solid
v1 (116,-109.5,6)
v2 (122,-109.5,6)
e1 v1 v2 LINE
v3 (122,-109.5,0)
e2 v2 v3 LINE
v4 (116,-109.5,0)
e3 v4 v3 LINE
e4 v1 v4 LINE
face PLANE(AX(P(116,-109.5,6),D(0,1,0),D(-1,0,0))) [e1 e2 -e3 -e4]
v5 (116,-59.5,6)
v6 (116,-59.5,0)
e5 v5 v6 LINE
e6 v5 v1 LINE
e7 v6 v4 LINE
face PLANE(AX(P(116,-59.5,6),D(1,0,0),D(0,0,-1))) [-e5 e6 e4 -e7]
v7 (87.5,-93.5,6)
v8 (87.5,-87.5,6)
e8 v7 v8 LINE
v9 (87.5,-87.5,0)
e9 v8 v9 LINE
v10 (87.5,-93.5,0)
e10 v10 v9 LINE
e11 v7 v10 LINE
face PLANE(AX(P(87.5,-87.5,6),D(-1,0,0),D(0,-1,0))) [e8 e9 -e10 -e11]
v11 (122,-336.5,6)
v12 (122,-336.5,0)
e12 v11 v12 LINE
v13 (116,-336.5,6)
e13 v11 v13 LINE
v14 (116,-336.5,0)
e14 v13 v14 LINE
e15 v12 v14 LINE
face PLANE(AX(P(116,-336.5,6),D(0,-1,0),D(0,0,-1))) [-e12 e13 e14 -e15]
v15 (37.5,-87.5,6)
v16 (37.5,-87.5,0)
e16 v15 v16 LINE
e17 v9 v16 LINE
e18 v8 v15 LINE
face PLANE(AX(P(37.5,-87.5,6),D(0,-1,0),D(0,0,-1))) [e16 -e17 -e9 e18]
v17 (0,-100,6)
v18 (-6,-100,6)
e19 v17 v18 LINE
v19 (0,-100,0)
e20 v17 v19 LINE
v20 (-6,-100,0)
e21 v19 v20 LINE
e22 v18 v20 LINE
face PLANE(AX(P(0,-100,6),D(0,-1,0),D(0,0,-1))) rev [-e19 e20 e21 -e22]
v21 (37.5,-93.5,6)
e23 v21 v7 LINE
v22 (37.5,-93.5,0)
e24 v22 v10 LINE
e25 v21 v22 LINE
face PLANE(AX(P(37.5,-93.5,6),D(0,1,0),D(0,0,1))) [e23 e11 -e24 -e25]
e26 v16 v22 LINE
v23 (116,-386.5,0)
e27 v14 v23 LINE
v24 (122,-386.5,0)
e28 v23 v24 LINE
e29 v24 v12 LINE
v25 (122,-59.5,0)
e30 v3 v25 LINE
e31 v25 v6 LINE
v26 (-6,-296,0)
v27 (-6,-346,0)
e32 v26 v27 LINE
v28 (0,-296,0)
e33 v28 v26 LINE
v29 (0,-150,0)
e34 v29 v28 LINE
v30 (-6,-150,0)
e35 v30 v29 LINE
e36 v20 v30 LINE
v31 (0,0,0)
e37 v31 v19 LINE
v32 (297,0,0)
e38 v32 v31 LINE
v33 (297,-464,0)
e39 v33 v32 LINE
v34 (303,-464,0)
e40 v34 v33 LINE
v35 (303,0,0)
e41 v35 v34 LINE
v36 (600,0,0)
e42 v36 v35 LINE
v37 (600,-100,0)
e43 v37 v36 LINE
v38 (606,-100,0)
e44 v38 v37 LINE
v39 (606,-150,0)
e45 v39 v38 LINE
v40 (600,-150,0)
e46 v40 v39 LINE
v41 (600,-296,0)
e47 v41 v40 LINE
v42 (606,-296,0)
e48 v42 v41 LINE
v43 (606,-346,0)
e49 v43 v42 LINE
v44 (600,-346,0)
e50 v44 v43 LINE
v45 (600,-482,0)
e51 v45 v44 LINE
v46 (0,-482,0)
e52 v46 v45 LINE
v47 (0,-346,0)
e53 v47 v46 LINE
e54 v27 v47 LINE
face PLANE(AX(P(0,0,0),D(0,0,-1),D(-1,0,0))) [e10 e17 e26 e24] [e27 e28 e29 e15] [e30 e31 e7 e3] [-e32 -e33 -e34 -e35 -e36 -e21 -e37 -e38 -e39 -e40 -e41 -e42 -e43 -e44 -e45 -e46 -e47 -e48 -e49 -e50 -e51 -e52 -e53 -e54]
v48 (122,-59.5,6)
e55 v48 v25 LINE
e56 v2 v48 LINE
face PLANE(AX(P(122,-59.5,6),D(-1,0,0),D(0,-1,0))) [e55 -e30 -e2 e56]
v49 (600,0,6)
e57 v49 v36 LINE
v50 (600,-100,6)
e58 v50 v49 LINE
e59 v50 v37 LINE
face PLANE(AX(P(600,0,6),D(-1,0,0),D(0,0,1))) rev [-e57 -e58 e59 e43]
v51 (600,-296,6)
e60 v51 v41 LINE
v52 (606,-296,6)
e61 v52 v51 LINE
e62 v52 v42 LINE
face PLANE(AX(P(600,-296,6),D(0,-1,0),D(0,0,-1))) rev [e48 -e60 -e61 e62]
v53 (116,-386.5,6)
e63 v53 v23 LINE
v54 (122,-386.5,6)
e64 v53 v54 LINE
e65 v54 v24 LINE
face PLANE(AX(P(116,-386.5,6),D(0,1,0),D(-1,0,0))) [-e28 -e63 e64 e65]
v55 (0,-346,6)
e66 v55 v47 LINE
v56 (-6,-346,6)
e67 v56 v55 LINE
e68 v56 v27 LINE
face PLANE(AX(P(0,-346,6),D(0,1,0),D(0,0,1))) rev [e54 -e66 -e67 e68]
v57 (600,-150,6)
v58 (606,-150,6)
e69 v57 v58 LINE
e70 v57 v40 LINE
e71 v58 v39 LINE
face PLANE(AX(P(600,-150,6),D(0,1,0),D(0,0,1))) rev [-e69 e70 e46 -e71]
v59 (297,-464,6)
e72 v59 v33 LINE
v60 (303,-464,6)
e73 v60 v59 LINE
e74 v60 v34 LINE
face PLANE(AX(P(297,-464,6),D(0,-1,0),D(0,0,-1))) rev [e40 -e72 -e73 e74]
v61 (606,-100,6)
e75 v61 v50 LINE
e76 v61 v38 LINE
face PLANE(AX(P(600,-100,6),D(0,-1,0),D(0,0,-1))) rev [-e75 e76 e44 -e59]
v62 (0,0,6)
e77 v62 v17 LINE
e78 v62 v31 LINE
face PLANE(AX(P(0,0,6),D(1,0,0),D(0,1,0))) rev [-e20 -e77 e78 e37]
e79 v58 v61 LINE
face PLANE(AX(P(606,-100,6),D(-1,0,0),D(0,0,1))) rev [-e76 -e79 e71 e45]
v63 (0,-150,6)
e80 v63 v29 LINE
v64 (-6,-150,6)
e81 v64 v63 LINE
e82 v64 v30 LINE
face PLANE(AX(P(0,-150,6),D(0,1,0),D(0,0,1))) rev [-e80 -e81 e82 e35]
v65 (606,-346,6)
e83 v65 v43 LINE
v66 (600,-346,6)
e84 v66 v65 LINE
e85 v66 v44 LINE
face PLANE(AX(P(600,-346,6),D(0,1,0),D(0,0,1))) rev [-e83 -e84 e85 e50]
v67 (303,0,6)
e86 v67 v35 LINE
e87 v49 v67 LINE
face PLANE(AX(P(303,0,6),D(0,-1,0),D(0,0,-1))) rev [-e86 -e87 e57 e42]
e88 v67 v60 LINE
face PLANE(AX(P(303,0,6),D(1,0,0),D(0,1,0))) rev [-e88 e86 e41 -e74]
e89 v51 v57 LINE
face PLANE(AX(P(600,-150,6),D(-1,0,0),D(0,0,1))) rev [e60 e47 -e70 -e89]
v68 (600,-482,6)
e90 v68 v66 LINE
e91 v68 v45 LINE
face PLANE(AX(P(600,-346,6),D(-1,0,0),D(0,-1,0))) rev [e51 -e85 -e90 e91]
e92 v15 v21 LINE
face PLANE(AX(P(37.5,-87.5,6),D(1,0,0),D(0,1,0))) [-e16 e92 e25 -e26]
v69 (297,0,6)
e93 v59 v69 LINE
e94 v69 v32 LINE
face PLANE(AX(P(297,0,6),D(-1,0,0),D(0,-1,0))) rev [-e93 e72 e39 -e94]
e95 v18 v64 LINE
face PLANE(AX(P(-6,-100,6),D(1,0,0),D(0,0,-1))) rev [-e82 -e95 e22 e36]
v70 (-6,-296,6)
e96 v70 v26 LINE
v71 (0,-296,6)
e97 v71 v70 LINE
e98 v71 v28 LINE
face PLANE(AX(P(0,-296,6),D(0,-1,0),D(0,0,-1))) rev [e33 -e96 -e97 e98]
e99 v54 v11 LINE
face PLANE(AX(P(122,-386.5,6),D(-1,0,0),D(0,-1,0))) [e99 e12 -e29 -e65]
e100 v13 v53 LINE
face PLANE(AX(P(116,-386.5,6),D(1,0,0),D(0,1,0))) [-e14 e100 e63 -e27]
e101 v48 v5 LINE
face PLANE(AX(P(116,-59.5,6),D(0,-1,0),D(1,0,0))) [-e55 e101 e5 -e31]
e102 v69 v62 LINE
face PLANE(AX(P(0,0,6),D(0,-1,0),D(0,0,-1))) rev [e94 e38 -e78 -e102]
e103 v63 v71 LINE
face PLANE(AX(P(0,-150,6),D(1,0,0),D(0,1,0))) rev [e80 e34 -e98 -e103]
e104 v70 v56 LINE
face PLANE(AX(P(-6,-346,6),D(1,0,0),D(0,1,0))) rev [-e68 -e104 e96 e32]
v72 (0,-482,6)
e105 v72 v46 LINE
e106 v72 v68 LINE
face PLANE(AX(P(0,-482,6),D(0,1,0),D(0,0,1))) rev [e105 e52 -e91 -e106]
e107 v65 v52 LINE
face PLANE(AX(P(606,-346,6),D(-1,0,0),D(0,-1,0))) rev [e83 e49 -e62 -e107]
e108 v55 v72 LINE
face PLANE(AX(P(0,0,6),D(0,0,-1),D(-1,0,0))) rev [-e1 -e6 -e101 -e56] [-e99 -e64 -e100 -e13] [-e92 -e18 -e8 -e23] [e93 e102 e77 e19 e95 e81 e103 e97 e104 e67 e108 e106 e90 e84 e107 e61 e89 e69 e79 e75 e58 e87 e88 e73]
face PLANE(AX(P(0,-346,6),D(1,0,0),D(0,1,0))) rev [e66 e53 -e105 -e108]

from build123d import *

# Parameters (mm, degrees)
SKETCH1_W           = 6
SKETCH1_H           = 50
SKETCH1_W_2         = 50
SKETCH1_H_2         = 6
BOSS_EXTRUDE1_DEPTH = 6


with BuildPart() as part:
    # Sketch1 → Boss-Extrude1 (new body)
    with BuildSketch(Plane.XY):
        Polygon((0, 0), (297, 0), (297, -464), (303, -464), (303, 0), (600, 0), (600, -100), (606, -100), (606, -150), (600, -150), (600, -296), (606, -296), (606, -346), (600, -346), (600, -482), (0, -482), (0, -346), (-6, -346), (-6, -296), (0, -296), (0, -150), (-6, -150), (-6, -100), (0, -100), align=None)
        with Locations((119, -361.5)):
            Rectangle(SKETCH1_W, SKETCH1_H, mode=Mode.SUBTRACT)
        with Locations((119, -84.5)):
            Rectangle(SKETCH1_W, SKETCH1_H, mode=Mode.SUBTRACT)
        with Locations((62.5, -90.5)):
            Rectangle(SKETCH1_W_2, SKETCH1_H_2, mode=Mode.SUBTRACT)
    extrude(amount=BOSS_EXTRUDE1_DEPTH)


solid = part.part
